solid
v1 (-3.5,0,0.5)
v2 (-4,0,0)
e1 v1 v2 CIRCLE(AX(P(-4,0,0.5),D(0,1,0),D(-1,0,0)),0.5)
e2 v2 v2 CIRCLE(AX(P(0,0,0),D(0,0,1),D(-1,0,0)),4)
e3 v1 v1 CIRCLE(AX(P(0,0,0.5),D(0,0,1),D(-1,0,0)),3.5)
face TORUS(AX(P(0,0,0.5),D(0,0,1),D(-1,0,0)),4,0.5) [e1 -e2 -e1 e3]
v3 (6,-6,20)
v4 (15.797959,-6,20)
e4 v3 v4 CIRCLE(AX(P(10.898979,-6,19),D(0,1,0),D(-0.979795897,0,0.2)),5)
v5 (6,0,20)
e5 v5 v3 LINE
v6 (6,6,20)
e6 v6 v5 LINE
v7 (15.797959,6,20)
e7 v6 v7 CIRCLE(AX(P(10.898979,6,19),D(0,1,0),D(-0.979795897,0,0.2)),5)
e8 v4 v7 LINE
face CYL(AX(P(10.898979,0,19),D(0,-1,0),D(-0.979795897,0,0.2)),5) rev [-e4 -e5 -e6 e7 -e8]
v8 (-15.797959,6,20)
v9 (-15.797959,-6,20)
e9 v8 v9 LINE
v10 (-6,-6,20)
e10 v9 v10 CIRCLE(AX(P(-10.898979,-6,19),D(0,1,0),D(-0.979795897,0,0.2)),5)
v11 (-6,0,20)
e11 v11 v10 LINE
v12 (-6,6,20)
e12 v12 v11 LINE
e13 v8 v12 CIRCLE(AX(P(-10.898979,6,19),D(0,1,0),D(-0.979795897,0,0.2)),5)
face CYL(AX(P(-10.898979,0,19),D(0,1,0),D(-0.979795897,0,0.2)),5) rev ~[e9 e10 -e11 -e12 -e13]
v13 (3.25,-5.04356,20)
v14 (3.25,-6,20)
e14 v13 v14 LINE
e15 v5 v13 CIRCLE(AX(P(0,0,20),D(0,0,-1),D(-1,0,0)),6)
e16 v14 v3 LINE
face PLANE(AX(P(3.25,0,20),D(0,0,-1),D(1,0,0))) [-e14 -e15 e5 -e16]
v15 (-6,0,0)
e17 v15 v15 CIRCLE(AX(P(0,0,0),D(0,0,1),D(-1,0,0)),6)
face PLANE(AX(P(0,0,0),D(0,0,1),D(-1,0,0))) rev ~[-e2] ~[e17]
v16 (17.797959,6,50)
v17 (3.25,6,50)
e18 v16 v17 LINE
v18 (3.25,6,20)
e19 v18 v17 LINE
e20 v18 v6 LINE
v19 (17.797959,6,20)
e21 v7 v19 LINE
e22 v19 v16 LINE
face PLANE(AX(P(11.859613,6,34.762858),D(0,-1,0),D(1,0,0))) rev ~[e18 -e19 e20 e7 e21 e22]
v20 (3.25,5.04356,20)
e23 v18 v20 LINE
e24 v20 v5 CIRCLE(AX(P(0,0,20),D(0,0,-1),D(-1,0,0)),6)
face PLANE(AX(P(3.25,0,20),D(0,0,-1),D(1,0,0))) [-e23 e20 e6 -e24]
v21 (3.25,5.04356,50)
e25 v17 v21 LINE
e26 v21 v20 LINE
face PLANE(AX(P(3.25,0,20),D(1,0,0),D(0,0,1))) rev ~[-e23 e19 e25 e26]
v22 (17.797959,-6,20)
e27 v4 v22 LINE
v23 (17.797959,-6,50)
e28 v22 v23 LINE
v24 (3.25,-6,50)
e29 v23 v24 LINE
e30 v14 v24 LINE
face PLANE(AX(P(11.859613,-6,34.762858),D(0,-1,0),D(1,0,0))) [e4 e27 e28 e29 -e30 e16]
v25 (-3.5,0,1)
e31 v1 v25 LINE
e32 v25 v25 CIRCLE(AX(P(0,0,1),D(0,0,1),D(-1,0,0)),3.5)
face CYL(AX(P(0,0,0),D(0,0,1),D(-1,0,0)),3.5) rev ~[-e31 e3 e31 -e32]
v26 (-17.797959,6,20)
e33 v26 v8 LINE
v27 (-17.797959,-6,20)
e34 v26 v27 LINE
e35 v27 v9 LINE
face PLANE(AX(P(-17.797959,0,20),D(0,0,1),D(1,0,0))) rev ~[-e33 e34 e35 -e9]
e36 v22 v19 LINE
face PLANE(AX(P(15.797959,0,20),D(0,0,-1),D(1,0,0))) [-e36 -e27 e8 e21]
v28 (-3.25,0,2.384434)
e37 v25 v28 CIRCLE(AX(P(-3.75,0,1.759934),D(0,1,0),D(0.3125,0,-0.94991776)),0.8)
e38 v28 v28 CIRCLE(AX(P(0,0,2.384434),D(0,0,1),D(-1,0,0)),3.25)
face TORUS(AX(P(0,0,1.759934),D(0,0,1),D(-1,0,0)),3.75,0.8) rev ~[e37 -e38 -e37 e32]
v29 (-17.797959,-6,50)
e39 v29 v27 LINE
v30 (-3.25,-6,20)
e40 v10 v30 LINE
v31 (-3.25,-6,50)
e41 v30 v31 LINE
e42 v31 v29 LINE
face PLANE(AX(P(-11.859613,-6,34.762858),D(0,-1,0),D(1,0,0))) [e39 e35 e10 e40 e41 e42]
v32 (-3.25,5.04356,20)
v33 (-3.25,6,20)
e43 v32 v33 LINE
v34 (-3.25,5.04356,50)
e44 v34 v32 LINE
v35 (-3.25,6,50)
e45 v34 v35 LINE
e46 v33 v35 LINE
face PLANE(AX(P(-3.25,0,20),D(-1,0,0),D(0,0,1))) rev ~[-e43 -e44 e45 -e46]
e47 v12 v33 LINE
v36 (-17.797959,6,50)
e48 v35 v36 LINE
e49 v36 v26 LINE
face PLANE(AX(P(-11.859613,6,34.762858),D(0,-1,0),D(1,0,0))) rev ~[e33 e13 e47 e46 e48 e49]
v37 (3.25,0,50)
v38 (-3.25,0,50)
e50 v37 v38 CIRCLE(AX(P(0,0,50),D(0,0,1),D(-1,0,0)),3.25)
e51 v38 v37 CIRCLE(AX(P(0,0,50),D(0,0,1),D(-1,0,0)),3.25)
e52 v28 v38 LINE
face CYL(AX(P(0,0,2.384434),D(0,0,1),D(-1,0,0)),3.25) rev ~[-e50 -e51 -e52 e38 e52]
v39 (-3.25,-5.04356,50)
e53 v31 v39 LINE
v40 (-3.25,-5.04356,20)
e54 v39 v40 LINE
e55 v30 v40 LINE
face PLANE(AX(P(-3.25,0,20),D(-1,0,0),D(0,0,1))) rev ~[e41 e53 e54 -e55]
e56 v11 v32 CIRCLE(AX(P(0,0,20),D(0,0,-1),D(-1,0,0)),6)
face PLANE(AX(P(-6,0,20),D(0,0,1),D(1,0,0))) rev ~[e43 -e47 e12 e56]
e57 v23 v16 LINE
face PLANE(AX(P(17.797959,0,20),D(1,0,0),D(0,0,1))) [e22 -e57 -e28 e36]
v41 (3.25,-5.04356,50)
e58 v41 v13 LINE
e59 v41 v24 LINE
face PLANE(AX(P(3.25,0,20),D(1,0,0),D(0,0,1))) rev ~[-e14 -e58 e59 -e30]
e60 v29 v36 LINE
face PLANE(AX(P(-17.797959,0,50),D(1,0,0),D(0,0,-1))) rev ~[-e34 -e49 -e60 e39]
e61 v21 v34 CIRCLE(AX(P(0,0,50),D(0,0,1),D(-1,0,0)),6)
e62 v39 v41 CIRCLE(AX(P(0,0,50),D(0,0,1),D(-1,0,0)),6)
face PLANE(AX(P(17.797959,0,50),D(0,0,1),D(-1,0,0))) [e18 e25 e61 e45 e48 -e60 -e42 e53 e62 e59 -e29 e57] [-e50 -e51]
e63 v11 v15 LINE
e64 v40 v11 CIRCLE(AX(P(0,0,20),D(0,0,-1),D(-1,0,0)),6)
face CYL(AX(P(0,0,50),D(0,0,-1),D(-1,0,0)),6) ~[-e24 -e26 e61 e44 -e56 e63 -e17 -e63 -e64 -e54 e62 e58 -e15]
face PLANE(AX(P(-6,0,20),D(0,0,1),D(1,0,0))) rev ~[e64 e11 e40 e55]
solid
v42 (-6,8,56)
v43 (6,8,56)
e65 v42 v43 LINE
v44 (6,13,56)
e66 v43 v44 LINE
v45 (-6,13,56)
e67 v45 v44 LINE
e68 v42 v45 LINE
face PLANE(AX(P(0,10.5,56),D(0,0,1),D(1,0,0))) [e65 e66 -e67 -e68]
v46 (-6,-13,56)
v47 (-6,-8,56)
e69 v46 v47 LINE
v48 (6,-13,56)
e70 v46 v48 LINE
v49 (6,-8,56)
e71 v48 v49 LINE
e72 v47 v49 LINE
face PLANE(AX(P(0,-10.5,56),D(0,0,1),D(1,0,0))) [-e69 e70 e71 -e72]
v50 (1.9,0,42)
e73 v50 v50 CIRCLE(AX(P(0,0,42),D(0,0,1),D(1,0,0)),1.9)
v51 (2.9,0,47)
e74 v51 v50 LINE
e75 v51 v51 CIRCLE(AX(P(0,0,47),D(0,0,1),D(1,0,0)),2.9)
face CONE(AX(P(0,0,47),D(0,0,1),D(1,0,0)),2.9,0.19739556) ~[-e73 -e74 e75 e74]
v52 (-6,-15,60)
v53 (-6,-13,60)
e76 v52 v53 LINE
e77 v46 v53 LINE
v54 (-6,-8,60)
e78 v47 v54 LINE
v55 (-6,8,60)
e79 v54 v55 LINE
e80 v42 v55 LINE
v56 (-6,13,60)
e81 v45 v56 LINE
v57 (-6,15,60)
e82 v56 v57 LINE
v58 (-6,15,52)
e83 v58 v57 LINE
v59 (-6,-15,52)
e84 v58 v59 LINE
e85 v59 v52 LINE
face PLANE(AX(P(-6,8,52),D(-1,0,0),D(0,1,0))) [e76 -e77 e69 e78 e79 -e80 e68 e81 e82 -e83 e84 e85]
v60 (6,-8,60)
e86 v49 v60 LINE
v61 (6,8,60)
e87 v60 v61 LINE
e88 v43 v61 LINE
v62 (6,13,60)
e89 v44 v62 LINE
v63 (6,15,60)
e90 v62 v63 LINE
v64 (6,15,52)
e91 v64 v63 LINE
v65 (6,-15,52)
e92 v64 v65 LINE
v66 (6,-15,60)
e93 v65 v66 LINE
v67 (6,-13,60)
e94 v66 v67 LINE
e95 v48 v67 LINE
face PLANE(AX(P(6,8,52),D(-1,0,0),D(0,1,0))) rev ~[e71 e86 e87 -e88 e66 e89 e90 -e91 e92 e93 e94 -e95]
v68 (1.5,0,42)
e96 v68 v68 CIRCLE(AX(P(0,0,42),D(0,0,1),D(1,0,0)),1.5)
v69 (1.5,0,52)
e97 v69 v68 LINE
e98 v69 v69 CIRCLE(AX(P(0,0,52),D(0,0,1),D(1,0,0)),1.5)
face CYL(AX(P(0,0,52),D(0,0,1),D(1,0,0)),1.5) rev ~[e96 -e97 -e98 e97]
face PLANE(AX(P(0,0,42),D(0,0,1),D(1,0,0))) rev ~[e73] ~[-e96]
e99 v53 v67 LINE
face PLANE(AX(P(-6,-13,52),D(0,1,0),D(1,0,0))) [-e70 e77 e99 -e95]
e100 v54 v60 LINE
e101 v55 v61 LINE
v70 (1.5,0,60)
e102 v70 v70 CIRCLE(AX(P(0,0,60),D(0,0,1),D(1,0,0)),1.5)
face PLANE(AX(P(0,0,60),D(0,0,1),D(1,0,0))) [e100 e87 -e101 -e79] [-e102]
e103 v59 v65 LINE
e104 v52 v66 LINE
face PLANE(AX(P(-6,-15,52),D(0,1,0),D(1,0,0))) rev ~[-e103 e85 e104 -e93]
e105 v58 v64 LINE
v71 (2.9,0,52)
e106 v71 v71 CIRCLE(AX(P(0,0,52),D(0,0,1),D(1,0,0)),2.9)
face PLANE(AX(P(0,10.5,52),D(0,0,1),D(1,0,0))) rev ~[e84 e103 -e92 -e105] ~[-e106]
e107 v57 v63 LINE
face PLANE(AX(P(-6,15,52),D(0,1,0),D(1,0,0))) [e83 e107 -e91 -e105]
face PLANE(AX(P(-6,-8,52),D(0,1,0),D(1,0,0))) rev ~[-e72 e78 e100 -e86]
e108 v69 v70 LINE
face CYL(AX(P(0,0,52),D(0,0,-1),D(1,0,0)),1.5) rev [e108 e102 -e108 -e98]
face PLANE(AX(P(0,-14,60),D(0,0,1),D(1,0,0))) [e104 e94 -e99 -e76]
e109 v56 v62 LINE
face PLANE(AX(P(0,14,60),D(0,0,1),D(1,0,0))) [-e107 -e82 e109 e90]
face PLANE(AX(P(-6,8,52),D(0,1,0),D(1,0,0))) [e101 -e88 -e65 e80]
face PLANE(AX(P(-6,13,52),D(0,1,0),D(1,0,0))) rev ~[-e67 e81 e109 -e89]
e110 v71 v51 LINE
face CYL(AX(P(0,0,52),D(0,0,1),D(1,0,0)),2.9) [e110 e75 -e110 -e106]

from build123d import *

# Parameters (mm, degrees)
F2_W     = 2.75
F2_H     = 30
F3_DEPTH = 6
F5_W     = 12
F5_H     = 16
F5_R     = 2.9
F5_R_2   = 1.5
F6_DEPTH = 8
F5_H_2   = 2
F5_H_3   = 5
F7_DEPTH = 4
F8_DEPTH = 10
F9_SIZE2 = 1
F9_SIZE  = 5
F10_R    = 0.5


with BuildPart() as f1:
    # F0 (on Front) → F1 (revolve)
    with BuildSketch(Plane.XZ):
        with BuildLine():
            Line((-6, 0), (-3.5, 0))
            Line((-3.5, 0), (-3.5, 1))
            ThreePointArc((-3.5, 1), (-4.5372670324, 1.9020982668), (-3.25, 2.3844340075))
            Line((-3.25, 2.3844340075), (-3.25, 50))
            Line((-3.25, 50), (-6, 50))
            Line((-6, 50), (-6, 0))
        make_face()
    revolve(axis=Axis((0, 0, 28.656648472), (0, 0, 1)))

    # F2 (on Front) → F3 (join, symmetric)
    with BuildSketch(Plane.XZ):
        with BuildLine():
            Line((-6, 20), (-6, 50))
            Line((-6, 50), (-17.7979589711, 50))
            Line((-17.7979589711, 50), (-17.7979589711, 20))
            Line((-17.7979589711, 20), (-15.7979589711, 20))
            ThreePointArc((-15.7979589711, 20), (-10.8989794856, 24), (-6, 20))
        make_face()
        with BuildLine():
            Line((17.7979589711, 50), (6, 50))
            Line((6, 50), (6, 20))
            ThreePointArc((6, 20), (10.8989794856, 24), (15.7979589711, 20))
            Line((15.7979589711, 20), (17.7979589711, 20))
            Line((17.7979589711, 20), (17.7979589711, 50))
        make_face()
        with Locations((4.625, 35)):
            Rectangle(F2_W, F2_H)
        with Locations((-4.625, 35)):
            Rectangle(F2_W, F2_H)
    extrude(amount=F3_DEPTH, both=True)

    # F10
    f10_edges = [f1.edges().sort_by_distance(p)[0] for p in [
        (3.5, 0, 0),
    ]]
    fillet(f10_edges, radius=F10_R)


with BuildPart() as f6:
    # F5 (on offset) → F6 (new body)
    with BuildSketch(Plane.XY.offset(52)):
        Rectangle(F5_W, F5_H)
        Circle(F5_R, mode=Mode.SUBTRACT)
        Circle(F5_R)
        Circle(F5_R_2, mode=Mode.SUBTRACT)
    extrude(amount=F6_DEPTH)



with BuildPart() as f6b:
    # F5 (on offset) → F6, piece 2 (new body)
    with BuildSketch(Plane.XY.offset(52)):
        with Locations((0, -14)):
            Rectangle(F5_W, F5_H_2)
    extrude(amount=F6_DEPTH)


with BuildPart() as f6c:
    # F5 (on offset) → F6, piece 3 (new body)
    with BuildSketch(Plane.XY.offset(52)):
        with Locations((0, 14)):
            Rectangle(F5_W, F5_H_2)
    extrude(amount=F6_DEPTH)


with BuildPart() as f6_1:
    add(f6.part)

    add(f6b.part)  # F7 merges F6b

    add(f6c.part)  # F7 merges F6c
    # F5 (on offset) → F7 (join)
    with BuildSketch(Plane.XY.offset(52)):
        with Locations((0, 10.5)):
            Rectangle(F5_W, F5_H_3)
        with Locations((0, -10.5)):
            Rectangle(F5_W, F5_H_3)
    extrude(amount=F7_DEPTH)

    # F5 (on offset) → F8 (join)
    with BuildSketch(Plane.XY.offset(52)):
        Circle(F5_R)
        Circle(F5_R_2, mode=Mode.SUBTRACT)
    extrude(amount=-F8_DEPTH)

    # F9
    f9_edges = [f6_1.edges().sort_by_distance(p)[0] for p in [
        (-2.9, 0, 42),
    ]]
    f9_side = f6_1.faces().sort_by_distance((-2.9, 0, 47))[0]
    chamfer(f9_edges, length=F9_SIZE, length2=F9_SIZE2, reference=f9_side)


solid = Compound([f1.part, f6_1.part])
